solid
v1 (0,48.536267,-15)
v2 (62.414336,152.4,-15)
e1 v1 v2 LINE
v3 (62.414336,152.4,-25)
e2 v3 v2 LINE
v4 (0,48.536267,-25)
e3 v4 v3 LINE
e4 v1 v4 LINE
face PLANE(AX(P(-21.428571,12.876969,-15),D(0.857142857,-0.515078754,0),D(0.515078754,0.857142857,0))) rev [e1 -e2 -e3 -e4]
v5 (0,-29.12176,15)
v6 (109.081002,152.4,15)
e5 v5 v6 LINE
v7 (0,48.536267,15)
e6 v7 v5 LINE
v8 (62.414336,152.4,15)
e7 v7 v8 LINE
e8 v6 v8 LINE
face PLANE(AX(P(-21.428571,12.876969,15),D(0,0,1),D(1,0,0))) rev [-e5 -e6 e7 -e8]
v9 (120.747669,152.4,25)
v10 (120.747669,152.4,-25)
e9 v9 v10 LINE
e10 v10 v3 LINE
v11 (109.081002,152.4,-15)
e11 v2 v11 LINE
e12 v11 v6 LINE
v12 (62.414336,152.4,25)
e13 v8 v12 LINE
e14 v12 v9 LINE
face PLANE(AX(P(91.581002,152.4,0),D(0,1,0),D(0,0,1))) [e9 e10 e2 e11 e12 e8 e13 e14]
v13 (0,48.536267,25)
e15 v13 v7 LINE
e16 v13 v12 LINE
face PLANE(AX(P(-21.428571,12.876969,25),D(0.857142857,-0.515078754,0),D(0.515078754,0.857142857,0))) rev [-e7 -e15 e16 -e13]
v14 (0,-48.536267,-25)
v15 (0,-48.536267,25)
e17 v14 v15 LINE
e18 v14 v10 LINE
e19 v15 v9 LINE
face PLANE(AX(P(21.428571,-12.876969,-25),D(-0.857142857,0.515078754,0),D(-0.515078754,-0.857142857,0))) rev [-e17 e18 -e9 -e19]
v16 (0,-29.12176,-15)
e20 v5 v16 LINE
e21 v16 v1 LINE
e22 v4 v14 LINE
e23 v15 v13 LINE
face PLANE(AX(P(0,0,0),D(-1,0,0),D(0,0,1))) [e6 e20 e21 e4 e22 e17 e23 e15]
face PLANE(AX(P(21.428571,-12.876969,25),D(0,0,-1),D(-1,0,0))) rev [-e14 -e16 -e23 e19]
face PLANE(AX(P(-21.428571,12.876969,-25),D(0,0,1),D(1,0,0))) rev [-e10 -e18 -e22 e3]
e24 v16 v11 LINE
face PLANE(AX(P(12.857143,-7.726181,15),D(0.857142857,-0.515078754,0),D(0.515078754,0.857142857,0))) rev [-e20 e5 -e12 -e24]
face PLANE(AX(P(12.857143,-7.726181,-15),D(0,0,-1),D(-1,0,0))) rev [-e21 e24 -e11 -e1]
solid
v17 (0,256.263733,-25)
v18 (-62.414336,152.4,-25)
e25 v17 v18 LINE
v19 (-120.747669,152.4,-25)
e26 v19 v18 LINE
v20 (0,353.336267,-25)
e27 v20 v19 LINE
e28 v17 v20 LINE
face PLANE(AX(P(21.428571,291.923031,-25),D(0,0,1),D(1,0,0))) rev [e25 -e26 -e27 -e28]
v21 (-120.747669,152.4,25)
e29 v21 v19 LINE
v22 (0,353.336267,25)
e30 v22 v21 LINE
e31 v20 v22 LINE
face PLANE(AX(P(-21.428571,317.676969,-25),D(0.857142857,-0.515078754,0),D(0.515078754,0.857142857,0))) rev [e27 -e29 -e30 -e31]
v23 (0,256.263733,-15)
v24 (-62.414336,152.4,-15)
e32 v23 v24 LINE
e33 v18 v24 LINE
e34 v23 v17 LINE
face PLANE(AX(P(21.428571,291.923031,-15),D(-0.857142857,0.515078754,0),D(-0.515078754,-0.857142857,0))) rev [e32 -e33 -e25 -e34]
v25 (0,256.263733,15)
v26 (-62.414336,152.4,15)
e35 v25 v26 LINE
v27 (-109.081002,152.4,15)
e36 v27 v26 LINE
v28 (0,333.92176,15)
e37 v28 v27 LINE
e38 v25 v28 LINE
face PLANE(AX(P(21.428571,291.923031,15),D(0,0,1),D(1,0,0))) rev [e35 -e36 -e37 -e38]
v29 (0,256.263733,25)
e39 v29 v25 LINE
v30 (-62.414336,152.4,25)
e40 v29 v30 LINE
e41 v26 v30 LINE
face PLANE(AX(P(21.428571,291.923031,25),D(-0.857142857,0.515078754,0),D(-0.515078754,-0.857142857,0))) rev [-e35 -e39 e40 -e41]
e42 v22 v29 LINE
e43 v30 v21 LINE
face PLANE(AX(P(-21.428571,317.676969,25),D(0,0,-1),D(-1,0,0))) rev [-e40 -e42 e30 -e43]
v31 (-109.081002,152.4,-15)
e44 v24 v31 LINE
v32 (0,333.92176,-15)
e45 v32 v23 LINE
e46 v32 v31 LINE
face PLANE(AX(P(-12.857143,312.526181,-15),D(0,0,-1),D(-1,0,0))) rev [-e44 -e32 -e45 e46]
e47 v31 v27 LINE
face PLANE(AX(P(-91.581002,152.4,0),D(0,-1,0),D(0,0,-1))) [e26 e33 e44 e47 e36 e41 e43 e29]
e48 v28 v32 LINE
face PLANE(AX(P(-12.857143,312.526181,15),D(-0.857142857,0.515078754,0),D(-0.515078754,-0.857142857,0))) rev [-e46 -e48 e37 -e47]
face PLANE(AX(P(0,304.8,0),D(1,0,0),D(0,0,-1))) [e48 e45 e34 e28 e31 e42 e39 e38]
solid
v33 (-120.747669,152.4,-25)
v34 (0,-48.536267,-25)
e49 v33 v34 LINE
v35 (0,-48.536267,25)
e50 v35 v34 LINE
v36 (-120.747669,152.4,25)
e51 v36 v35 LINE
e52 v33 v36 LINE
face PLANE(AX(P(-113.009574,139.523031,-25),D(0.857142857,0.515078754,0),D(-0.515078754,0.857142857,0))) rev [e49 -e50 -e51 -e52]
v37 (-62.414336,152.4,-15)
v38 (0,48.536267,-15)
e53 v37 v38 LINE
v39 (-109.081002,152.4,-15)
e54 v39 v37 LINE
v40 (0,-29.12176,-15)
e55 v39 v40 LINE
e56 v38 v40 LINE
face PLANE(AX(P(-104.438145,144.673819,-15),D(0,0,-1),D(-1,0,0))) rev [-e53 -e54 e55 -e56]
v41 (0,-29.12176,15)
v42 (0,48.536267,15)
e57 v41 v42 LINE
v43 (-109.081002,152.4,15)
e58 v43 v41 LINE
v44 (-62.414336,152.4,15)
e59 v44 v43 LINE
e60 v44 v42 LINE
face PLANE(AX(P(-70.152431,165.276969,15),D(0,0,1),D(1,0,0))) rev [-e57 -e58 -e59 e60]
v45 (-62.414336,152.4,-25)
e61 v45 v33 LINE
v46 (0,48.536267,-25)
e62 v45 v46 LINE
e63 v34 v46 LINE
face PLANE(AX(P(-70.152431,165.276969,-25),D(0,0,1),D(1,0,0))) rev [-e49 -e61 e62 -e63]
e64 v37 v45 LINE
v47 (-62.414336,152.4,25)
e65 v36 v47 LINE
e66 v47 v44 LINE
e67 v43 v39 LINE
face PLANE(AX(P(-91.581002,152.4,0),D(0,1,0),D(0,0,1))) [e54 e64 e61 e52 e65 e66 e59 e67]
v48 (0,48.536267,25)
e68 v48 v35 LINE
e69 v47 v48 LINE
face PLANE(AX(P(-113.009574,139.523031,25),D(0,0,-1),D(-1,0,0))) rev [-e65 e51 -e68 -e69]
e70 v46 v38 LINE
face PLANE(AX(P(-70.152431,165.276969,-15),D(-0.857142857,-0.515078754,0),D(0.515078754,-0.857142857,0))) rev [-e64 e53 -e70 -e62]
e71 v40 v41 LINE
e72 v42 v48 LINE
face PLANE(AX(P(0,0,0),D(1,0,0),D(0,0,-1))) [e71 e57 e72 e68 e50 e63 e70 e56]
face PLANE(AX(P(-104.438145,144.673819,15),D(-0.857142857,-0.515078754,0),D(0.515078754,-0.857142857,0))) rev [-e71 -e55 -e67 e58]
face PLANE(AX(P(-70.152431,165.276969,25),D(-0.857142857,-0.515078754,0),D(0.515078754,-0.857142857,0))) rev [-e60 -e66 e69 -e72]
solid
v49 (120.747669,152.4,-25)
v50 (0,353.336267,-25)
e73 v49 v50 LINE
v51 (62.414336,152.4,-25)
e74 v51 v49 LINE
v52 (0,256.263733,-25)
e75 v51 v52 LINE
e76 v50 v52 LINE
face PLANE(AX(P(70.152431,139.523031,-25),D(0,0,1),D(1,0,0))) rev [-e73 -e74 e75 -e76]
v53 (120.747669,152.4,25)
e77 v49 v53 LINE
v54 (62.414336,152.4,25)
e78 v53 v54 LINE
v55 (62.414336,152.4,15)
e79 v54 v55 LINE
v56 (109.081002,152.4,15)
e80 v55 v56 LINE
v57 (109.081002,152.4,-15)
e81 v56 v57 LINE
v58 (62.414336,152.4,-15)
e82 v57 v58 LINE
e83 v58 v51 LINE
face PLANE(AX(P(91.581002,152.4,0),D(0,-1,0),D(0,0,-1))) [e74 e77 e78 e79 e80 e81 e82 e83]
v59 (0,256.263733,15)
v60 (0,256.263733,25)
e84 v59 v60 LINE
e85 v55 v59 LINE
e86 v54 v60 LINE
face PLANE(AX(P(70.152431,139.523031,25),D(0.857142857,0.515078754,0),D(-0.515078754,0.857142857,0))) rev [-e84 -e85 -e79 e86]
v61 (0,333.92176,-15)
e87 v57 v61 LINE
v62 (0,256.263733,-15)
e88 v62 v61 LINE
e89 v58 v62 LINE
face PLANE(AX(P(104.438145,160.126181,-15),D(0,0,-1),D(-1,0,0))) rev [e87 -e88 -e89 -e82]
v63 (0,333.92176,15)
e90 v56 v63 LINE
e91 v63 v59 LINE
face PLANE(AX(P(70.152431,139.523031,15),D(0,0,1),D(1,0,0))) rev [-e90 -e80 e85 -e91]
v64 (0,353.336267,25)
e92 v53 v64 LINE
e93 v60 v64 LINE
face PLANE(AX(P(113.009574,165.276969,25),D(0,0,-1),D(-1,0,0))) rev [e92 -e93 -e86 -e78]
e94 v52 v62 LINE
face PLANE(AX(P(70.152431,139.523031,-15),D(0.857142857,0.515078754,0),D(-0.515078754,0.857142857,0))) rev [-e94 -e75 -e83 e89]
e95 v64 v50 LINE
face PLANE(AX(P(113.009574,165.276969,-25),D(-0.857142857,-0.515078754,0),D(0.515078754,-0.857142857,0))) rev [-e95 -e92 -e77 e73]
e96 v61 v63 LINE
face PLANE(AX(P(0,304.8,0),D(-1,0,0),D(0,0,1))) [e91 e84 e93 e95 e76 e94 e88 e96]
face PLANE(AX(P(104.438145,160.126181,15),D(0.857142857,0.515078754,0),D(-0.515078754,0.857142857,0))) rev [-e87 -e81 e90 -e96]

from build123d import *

# Parameters (mm, degrees)
BUILDING_C_CHANEL_1_DEPTH      = 237.634840541
BUILDING_C_CHANEL_1_DEPTH_BACK = 22.24591464
BUILDING_C_CHANEL_1_2_DEPTH    = 259.880755181
BUILDING_C_CHANEL_1_3_DEPTH    = 259.880755181
BUILDING_C_CHANEL_1_4_DEPTH    = 259.880755181


with BuildPart() as part:
    # Sketch2 → Building C CHANEL(1) (new, two sides: drawn at the far end of the back side and taken through both)
    with BuildSketch(Plane(origin=(-91.581002397, 152.4, 0), x_dir=(0, 0, 1), z_dir=(0.5150787536377126, 0.8571428571428572, 0)).offset(-BUILDING_C_CHANEL_1_DEPTH_BACK)):
        Polygon((-25, 25), (-25, -25), (25, -25), (25, 25), (15, 25), (15, -15), (-15, -15), (-15, 25), align=None)
    extrude(amount=BUILDING_C_CHANEL_1_DEPTH + BUILDING_C_CHANEL_1_DEPTH_BACK)

    # Building C CHANEL(1) mitre 1
    split(bisect_by=Plane(origin=(-91.581002397, 152.4, 0), x_dir=(-1, 0, 0), z_dir=(0, 1, 0)), keep=Keep.TOP)

    # Building C CHANEL(1) mitre 2
    split(bisect_by=Plane(origin=(0, 304.8, 0), x_dir=(0, -1, 0), z_dir=(-1, 0, 0)), keep=Keep.TOP)


with BuildPart() as body_2:
    # Sketch2 on segment 2 (carried to segment 2) → Building C CHANEL_1 2 (new body)
    with BuildSketch(Plane(origin=(-30.81965509, 356.087006178, 0), x_dir=(0, 0, 1), z_dir=(0.515078754, -0.857142857, 0))):
        Polygon((-25, 25), (-25, -25), (25, -25), (25, 25), (15, 25), (15, -15), (-15, -15), (-15, 25), align=None)
    extrude(amount=BUILDING_C_CHANEL_1_2_DEPTH)

    # Building C CHANEL_1 2 mitre 1
    split(bisect_by=Plane(origin=(0, 304.8, 0), x_dir=(0, 1, 0), z_dir=(1, 0, 0)), keep=Keep.TOP)

    # Building C CHANEL_1 2 mitre 2
    split(bisect_by=Plane(origin=(91.581002397, 152.4, 0), x_dir=(-1, 0, 0), z_dir=(0, 1, 0)), keep=Keep.TOP)


with BuildPart() as body_3:
    # Sketch2 on segment 3 (carried to segment 3) → Building C CHANEL_1 3 (new body)
    with BuildSketch(Plane(origin=(103.039400383, 171.467926834, 0), x_dir=(0, 0, 1), z_dir=(-0.515078754, -0.857142857, 0))):
        Polygon((-25, 25), (-25, -25), (25, -25), (25, 25), (15, 25), (15, -15), (-15, -15), (-15, 25), align=None)
    extrude(amount=BUILDING_C_CHANEL_1_3_DEPTH)

    # Building C CHANEL_1 3 mitre 1
    split(bisect_by=Plane(origin=(91.581002397, 152.4, 0), x_dir=(1, 0, 0), z_dir=(0, -1, 0)), keep=Keep.TOP)

    # Building C CHANEL_1 3 mitre 2
    split(bisect_by=Plane.YZ, keep=Keep.TOP)


with BuildPart() as body_4:
    # Sketch2 on segment 4 (carried to segment 4) → Building C CHANEL_1 4 (new body)
    with BuildSketch(Plane(origin=(30.81965509, -51.287006178, 0), x_dir=(0, 0, 1), z_dir=(-0.515078754, 0.857142857, 0))):
        Polygon((-25, 25), (-25, -25), (25, -25), (25, 25), (15, 25), (15, -15), (-15, -15), (-15, 25), align=None)
    extrude(amount=BUILDING_C_CHANEL_1_4_DEPTH)

    # Building C CHANEL_1 4 mitre 1
    split(bisect_by=Plane(origin=(0, 0, 0), x_dir=(0, -1, 0), z_dir=(-1, 0, 0)), keep=Keep.TOP)

    # Building C CHANEL_1 4 mitre 2
    split(bisect_by=Plane(origin=(-91.581002397, 152.4, 0), x_dir=(1, 0, 0), z_dir=(0, -1, 0)), keep=Keep.TOP)


solid = Compound([part.part, body_2.part, body_3.part, body_4.part])
